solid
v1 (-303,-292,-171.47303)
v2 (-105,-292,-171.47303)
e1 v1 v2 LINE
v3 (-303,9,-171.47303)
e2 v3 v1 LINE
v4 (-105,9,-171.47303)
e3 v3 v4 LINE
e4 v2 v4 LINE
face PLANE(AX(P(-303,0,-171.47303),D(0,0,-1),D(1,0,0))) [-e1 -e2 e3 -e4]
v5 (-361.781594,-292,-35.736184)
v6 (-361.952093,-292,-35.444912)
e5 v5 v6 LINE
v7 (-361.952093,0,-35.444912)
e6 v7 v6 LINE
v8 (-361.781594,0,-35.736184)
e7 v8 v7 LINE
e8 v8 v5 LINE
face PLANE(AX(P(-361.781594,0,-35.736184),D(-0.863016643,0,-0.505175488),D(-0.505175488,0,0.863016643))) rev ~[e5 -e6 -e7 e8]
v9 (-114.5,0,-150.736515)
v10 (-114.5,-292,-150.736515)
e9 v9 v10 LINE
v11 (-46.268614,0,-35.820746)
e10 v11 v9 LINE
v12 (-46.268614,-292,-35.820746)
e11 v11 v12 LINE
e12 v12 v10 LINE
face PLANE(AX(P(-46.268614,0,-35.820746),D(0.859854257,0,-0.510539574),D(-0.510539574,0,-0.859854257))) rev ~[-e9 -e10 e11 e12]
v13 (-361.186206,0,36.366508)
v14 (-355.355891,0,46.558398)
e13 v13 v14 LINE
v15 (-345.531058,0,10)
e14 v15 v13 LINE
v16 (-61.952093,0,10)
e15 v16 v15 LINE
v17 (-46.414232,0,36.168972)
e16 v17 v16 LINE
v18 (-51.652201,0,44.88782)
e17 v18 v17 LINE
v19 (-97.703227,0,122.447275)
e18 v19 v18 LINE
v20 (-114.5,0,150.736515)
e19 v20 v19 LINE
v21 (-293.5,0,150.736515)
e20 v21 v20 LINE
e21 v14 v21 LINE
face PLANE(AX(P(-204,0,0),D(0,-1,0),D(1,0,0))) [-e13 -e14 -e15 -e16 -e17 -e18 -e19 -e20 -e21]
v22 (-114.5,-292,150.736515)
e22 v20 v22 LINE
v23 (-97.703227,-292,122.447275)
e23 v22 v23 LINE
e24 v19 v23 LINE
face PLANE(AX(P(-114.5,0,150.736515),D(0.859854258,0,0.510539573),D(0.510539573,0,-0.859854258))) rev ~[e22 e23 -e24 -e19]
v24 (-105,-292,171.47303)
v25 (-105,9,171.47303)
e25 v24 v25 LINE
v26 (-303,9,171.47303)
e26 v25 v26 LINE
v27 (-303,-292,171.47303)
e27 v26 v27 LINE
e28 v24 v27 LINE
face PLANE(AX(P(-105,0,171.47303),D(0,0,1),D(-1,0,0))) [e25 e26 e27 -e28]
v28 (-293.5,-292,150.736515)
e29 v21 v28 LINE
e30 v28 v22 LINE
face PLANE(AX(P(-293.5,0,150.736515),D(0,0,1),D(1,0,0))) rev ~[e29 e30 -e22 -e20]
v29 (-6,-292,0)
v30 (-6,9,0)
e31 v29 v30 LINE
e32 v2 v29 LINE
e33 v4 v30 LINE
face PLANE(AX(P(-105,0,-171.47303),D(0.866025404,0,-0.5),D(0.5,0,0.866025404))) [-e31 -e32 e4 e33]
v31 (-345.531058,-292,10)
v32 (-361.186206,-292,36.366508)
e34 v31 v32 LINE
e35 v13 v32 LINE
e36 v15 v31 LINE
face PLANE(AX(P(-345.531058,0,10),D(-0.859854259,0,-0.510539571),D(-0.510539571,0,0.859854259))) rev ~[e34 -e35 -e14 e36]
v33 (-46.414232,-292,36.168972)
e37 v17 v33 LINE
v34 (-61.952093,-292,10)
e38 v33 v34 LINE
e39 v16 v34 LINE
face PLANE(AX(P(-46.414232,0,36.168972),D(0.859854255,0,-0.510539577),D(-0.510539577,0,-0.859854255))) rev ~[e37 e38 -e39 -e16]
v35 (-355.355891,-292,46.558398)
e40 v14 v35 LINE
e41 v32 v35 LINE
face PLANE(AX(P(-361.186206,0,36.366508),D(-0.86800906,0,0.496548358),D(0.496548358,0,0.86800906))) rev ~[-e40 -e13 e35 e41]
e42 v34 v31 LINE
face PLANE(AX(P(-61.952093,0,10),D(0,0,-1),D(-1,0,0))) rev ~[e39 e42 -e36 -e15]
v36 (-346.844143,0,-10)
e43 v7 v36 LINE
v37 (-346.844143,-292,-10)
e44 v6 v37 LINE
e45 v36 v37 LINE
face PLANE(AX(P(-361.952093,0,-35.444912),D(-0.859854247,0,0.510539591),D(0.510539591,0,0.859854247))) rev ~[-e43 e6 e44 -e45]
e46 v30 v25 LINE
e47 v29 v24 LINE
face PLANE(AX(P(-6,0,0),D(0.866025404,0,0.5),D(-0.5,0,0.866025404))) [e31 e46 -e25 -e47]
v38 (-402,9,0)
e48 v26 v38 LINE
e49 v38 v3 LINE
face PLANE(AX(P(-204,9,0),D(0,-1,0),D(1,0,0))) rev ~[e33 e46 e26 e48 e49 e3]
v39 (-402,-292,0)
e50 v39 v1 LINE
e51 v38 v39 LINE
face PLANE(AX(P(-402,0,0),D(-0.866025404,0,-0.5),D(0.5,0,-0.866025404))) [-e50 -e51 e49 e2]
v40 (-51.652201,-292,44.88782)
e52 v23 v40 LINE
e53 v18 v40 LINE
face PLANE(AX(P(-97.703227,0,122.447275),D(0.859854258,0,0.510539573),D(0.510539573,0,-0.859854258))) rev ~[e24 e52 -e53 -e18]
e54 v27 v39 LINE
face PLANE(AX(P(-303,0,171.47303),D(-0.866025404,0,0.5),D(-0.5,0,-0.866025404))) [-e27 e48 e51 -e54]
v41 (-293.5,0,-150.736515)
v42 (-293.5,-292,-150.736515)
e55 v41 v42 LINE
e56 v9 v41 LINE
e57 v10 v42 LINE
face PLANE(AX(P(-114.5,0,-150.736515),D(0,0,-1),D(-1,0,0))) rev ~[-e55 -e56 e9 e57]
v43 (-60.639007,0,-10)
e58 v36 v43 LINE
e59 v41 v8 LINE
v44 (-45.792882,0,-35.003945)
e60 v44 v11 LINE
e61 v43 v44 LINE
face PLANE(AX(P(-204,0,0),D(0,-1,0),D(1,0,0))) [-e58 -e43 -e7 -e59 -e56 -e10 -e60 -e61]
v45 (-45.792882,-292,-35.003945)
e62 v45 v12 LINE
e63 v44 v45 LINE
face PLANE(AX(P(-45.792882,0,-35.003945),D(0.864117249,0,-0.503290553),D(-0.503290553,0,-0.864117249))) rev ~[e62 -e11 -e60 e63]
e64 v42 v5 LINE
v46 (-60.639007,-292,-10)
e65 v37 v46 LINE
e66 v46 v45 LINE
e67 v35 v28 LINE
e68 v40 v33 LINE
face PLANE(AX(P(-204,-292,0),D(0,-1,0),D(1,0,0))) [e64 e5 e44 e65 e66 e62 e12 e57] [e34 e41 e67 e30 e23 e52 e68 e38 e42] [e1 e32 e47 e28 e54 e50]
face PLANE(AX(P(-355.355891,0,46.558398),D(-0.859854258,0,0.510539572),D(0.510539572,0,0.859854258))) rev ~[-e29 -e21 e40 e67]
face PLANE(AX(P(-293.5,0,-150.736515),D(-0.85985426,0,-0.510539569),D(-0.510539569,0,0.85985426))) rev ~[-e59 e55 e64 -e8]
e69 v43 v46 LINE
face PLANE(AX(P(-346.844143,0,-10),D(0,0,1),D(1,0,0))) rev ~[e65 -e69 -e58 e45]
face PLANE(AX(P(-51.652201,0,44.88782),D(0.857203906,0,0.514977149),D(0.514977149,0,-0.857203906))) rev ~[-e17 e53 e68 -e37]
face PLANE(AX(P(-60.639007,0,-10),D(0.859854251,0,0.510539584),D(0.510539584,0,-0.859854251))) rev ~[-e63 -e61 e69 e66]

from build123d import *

# Parameters (mm, degrees)
F1_DEPTH = 292
F2_DEPTH = 9


with BuildPart() as f1:
    # F0 (on Front) → F1 (new body)
    with BuildSketch(Plane.XZ):
        Polygon((-105, 171.47303), (-303, 171.47303), (-402, 0), (-303, -171.47303), (-105, -171.47303), (-6, 0), align=None)
        Polygon((-293.5, -150.736515), (-361.781594, -35.736184), (-361.952093, -35.444912), (-346.844143, -10), (-60.639007, -10), (-45.792882, -35.003945), (-46.268614, -35.820746), (-114.5, -150.736515), align=None, mode=Mode.SUBTRACT)
        Polygon((-97.7032272297, 122.4472748636), (-51.652201, 44.88782), (-46.414232, 36.168972), (-61.952093, 10), (-345.531058, 10), (-361.186206, 36.366508), (-355.355891, 46.558398), (-293.5, 150.736515), (-114.5, 150.736515), align=None, mode=Mode.SUBTRACT)
    extrude(amount=F1_DEPTH)

    # F0 (on Front) → F2 (join)
    with BuildSketch(Plane.XZ):
        Polygon((-105, 171.47303), (-303, 171.47303), (-402, 0), (-303, -171.47303), (-105, -171.47303), (-6, 0), align=None)
        Polygon((-293.5, -150.736515), (-361.781594, -35.736184), (-361.952093, -35.444912), (-346.844143, -10), (-60.639007, -10), (-45.792882, -35.003945), (-46.268614, -35.820746), (-114.5, -150.736515), align=None, mode=Mode.SUBTRACT)
        Polygon((-97.7032272297, 122.4472748636), (-51.652201, 44.88782), (-46.414232, 36.168972), (-61.952093, 10), (-345.531058, 10), (-361.186206, 36.366508), (-355.355891, 46.558398), (-293.5, 150.736515), (-114.5, 150.736515), align=None, mode=Mode.SUBTRACT)
        Polygon((-361.952093, -35.444912), (-361.781594, -35.736184), (-293.5, -150.736515), (-114.5, -150.736515), (-46.268614, -35.820746), (-45.792882, -35.003945), (-60.639007, -10), (-346.844143, -10), align=None)
        Polygon((-46.414232, 36.168972), (-51.652201, 44.88782), (-97.7032272297, 122.4472748636), (-114.5, 150.736515), (-293.5, 150.736515), (-355.355891, 46.558398), (-361.186206, 36.366508), (-345.531058, 10), (-61.952093, 10), align=None)
    extrude(amount=-F2_DEPTH)


solid = f1.part
